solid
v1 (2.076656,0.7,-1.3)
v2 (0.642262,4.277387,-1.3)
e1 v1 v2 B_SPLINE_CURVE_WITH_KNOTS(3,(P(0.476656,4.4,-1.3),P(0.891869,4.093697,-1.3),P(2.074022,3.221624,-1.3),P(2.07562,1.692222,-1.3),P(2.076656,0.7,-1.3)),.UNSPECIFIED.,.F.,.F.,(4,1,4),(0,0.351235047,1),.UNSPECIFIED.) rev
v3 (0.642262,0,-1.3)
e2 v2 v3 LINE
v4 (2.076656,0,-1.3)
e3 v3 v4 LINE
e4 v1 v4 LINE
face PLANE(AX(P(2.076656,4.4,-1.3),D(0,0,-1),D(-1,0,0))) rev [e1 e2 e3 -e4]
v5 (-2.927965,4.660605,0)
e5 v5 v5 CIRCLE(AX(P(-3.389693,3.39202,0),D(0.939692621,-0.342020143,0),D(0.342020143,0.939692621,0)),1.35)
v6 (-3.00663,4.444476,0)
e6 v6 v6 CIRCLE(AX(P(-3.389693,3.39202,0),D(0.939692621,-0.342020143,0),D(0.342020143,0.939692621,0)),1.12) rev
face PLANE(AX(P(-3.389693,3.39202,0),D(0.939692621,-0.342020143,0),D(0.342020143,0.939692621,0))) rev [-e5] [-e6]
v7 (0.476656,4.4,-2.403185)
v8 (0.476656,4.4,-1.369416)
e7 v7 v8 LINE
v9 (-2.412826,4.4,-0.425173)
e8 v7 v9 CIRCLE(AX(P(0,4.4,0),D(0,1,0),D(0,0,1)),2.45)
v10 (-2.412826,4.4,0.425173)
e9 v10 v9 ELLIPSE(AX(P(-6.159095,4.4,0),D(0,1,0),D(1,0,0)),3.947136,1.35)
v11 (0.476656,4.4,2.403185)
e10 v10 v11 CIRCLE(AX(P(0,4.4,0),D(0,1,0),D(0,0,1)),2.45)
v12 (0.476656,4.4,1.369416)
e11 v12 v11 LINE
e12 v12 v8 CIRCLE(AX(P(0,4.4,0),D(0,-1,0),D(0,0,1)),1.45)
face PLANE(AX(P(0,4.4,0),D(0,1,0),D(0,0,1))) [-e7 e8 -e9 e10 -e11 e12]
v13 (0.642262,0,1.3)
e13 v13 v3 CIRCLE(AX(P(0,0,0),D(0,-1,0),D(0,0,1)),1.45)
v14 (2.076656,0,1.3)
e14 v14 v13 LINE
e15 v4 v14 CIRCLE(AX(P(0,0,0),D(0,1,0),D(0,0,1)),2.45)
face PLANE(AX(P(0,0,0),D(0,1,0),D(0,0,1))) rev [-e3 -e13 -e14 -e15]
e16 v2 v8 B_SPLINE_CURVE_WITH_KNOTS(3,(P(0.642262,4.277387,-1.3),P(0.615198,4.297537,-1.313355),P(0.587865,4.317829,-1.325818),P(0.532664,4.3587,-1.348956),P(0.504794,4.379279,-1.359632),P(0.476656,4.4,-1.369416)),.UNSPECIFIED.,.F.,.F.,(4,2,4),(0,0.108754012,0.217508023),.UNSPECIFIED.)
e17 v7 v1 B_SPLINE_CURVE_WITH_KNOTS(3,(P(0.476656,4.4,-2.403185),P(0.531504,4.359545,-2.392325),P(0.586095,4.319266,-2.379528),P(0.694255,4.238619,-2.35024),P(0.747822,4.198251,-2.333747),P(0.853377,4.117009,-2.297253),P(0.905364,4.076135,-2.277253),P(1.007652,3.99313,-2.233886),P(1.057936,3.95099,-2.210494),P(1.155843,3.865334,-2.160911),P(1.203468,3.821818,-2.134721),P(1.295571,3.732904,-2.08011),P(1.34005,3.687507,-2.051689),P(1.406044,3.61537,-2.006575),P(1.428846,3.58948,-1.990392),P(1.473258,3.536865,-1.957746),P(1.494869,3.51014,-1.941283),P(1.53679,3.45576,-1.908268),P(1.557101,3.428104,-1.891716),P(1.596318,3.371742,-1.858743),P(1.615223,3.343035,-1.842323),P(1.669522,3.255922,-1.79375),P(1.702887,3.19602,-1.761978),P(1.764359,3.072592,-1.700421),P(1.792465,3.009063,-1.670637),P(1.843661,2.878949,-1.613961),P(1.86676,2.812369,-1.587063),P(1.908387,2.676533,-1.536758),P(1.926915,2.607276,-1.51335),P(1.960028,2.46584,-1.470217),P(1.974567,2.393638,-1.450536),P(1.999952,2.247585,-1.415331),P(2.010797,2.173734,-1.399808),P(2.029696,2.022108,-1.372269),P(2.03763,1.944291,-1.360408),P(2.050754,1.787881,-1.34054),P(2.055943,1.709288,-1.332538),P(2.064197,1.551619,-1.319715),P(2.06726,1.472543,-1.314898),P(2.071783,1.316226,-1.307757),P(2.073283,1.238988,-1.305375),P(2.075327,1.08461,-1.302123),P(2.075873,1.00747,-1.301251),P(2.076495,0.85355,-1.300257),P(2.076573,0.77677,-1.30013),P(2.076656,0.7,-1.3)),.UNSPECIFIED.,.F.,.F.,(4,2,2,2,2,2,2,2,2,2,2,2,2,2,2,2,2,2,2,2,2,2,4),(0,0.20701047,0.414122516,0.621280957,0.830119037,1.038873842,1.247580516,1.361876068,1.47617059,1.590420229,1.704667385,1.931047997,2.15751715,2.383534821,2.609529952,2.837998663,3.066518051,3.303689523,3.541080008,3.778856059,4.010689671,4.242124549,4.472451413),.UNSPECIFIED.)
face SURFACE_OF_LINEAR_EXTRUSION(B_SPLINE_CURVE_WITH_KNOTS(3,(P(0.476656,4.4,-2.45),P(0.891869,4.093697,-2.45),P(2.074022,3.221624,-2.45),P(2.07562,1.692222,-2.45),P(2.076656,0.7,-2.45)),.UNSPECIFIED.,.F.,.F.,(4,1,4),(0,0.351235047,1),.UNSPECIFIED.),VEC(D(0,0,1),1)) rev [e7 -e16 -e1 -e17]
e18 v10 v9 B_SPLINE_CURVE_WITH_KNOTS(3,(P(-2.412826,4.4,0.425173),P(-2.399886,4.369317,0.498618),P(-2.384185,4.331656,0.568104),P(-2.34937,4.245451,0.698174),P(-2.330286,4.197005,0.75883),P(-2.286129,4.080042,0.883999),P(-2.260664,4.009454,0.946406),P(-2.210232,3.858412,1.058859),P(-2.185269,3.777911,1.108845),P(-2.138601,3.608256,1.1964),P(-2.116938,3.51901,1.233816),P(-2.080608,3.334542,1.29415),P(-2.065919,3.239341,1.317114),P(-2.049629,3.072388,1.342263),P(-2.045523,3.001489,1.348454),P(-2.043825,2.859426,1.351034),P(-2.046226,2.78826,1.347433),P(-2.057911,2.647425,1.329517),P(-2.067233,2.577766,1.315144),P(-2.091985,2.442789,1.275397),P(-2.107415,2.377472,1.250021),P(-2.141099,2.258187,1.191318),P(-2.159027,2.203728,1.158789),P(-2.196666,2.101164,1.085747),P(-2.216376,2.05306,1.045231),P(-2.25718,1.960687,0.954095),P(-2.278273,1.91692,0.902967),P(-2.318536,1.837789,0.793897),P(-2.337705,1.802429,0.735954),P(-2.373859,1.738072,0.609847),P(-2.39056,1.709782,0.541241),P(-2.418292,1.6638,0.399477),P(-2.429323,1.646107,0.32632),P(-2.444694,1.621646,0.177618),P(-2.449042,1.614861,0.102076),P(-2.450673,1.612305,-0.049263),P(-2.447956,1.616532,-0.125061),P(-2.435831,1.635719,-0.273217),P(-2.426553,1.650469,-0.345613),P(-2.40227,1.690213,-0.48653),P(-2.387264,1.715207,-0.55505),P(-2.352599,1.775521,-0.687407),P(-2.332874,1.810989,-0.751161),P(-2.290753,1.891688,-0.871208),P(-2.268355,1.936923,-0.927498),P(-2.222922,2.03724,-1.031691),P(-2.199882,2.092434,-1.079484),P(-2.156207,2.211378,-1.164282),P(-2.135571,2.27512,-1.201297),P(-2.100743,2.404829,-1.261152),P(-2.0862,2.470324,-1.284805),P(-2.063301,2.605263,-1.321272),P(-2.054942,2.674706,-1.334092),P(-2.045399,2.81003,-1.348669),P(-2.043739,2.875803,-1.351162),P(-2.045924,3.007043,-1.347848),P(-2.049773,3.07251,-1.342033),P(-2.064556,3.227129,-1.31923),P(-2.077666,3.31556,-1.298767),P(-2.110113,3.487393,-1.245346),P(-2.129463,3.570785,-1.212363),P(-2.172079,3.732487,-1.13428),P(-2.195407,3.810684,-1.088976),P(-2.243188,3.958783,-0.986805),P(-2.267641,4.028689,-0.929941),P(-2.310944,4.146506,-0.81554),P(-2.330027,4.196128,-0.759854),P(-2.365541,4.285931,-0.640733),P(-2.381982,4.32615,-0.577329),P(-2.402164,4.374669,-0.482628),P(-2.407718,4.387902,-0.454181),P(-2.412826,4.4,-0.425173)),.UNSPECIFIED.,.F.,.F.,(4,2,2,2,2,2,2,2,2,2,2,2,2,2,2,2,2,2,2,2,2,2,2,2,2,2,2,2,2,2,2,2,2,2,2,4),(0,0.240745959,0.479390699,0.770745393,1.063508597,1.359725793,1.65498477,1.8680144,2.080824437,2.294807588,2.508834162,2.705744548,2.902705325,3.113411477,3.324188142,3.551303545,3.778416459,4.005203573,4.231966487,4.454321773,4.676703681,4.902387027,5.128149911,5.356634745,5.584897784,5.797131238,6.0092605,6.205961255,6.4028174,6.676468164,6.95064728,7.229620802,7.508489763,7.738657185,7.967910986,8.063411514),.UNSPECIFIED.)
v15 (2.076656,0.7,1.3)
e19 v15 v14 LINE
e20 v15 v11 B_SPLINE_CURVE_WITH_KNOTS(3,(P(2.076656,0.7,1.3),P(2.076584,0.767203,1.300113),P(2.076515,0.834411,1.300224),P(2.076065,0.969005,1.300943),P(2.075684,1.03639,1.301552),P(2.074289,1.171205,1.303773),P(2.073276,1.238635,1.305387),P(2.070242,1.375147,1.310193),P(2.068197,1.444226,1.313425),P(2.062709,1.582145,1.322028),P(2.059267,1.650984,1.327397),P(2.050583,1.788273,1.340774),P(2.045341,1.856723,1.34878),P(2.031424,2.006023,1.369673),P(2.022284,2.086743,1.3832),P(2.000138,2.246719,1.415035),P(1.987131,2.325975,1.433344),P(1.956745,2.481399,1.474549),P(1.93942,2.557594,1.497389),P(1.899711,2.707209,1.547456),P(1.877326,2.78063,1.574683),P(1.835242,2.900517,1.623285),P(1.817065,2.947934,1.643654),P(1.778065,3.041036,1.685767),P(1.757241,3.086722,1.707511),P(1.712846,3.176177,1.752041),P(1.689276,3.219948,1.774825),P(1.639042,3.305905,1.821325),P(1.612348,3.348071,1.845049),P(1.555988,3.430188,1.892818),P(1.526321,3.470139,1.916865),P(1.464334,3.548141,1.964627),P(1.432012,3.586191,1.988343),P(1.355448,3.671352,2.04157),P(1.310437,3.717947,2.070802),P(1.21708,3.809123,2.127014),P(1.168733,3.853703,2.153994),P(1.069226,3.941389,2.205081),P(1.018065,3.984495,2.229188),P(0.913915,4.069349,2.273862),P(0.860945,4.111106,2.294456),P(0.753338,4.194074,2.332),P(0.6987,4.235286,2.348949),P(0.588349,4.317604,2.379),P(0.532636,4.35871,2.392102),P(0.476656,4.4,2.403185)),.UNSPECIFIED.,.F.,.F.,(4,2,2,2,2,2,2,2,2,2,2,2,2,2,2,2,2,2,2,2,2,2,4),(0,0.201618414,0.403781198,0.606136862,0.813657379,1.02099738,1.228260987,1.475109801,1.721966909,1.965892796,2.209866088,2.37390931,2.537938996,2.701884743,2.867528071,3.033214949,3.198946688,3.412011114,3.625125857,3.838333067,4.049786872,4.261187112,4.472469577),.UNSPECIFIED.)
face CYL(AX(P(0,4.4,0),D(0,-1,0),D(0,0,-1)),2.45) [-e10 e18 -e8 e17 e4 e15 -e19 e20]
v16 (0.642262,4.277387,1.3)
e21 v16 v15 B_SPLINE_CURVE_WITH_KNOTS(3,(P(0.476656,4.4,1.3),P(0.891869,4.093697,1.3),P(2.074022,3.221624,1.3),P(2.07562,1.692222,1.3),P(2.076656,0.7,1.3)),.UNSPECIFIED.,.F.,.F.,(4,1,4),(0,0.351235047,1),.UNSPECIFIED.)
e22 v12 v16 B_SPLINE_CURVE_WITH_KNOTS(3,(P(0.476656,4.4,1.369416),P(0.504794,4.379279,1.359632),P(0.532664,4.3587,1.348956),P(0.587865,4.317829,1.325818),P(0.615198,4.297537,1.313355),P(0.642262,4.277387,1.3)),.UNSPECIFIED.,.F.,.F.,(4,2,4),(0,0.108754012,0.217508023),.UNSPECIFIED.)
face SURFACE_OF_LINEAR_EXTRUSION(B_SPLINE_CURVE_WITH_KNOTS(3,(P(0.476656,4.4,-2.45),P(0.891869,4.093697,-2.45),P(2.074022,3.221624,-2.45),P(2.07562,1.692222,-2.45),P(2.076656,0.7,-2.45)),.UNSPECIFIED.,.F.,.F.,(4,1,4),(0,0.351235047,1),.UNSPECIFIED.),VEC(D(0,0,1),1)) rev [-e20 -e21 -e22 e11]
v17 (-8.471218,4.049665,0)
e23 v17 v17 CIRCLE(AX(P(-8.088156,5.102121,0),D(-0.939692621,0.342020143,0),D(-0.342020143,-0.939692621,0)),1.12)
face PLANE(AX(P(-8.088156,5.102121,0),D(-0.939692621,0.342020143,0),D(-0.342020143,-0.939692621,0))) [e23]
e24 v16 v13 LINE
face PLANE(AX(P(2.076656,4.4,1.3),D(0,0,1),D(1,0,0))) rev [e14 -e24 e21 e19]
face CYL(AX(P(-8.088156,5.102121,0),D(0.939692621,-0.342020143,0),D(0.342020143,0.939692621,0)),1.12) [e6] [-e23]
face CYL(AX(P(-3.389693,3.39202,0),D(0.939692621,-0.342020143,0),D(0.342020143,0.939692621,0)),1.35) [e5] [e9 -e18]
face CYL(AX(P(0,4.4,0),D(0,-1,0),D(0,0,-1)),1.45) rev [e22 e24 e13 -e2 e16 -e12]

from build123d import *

# Parameters (mm, degrees)
EXTRUDE1_DEPTH             = 4.4
EXTRUDE5_DEPTH             = 6.600446411
EXTRUDE5_DEPTH_BACK        = 6.600446411
EXTRUDE6_REACH             = 8.622
SKETCH15_R                 = 1.35
EXTRUDE6_DIRECTION_2_DEPTH = 1
SKETCH16_R                 = 1.12
EXTRUDE7_DEPTH             = 5


with BuildPart() as part:
    # Sketch1 → Extrude1 (new body)
    with BuildSketch(Plane(origin=(0, 0, 0), x_dir=(1, 0, 0), z_dir=(0, 1, 0))):
        with BuildLine():
            Line((2.076655966, -1.3), (0.642261629, -1.3))
            ThreePointArc((0.642261629, -1.3), (-1.45, 0), (0.642261629, 1.3))
            Line((0.642261629, 1.3), (2.076655966, 1.3))
            ThreePointArc((2.076655966, 1.3), (-2.45, 0), (2.076655966, -1.3))
        make_face()
    extrude(amount=EXTRUDE1_DEPTH)

    # Sketch11 → Extrude5 (cut, two sides: drawn at the far end of the back side and taken through both)
    with BuildSketch(Plane.XY.offset(-EXTRUDE5_DEPTH_BACK)):
        with BuildLine():
            Line((0.476655966, 4.4), (2.076655966, 4.4))
            Line((2.076655966, 4.4), (2.076655966, 0.7))
            add(Edge.make_bspline(
                [(2.076655966, 0.7), (2.075619632, 1.692222339), (2.074022236, 3.22162422), (0.891869454, 4.093697352), (0.476655966, 4.4)],
                knots=[0, 0, 0, 0, 0.648764953, 1, 1, 1, 1], degree=3))
        make_face()
    extrude(amount=EXTRUDE5_DEPTH + EXTRUDE5_DEPTH_BACK, mode=Mode.SUBTRACT)

    # Sketch15 → Extrude6 (add, up to next)
    with BuildSketch(Plane(origin=(-3.143655548, 1.144197046, 0), x_dir=(0, 0, -1), z_dir=(0.9396926207859126, -0.34202014332565683, 0)), mode=Mode.PRIVATE) as extrude6_sk1:
        with Locations((0, 2.028113142)):
            Circle(SKETCH15_R)
    extrude6_tool1 = extrude(extrude6_sk1.sketch, amount=EXTRUDE6_REACH, mode=Mode.PRIVATE) - part.part
    add(extrude6_tool1.solids().sort_by_distance((-2.45, 3.05, 0))[0])

    # Sketch15 → Extrude6 direction 2 (add)
    with BuildSketch(Plane(origin=(-3.143655548, 1.144197046, 0), x_dir=(0, 0, -1), z_dir=(0.9396926207859126, -0.34202014332565683, 0))):
        with Locations((0, 2.028113142)):
            Circle(SKETCH15_R)
    extrude(amount=-EXTRUDE6_DIRECTION_2_DEPTH)

    # Sketch16 → Extrude7 (add)
    with BuildSketch(Plane(origin=(-4.083348168, 1.486217189, 0), x_dir=(0, 0, 1), z_dir=(-0.9396926207859126, 0.34202014332565694, 0))):
        with Locations((0, 2.028113142)):
            Circle(SKETCH16_R)
    extrude(amount=EXTRUDE7_DEPTH)


solid = part.part
